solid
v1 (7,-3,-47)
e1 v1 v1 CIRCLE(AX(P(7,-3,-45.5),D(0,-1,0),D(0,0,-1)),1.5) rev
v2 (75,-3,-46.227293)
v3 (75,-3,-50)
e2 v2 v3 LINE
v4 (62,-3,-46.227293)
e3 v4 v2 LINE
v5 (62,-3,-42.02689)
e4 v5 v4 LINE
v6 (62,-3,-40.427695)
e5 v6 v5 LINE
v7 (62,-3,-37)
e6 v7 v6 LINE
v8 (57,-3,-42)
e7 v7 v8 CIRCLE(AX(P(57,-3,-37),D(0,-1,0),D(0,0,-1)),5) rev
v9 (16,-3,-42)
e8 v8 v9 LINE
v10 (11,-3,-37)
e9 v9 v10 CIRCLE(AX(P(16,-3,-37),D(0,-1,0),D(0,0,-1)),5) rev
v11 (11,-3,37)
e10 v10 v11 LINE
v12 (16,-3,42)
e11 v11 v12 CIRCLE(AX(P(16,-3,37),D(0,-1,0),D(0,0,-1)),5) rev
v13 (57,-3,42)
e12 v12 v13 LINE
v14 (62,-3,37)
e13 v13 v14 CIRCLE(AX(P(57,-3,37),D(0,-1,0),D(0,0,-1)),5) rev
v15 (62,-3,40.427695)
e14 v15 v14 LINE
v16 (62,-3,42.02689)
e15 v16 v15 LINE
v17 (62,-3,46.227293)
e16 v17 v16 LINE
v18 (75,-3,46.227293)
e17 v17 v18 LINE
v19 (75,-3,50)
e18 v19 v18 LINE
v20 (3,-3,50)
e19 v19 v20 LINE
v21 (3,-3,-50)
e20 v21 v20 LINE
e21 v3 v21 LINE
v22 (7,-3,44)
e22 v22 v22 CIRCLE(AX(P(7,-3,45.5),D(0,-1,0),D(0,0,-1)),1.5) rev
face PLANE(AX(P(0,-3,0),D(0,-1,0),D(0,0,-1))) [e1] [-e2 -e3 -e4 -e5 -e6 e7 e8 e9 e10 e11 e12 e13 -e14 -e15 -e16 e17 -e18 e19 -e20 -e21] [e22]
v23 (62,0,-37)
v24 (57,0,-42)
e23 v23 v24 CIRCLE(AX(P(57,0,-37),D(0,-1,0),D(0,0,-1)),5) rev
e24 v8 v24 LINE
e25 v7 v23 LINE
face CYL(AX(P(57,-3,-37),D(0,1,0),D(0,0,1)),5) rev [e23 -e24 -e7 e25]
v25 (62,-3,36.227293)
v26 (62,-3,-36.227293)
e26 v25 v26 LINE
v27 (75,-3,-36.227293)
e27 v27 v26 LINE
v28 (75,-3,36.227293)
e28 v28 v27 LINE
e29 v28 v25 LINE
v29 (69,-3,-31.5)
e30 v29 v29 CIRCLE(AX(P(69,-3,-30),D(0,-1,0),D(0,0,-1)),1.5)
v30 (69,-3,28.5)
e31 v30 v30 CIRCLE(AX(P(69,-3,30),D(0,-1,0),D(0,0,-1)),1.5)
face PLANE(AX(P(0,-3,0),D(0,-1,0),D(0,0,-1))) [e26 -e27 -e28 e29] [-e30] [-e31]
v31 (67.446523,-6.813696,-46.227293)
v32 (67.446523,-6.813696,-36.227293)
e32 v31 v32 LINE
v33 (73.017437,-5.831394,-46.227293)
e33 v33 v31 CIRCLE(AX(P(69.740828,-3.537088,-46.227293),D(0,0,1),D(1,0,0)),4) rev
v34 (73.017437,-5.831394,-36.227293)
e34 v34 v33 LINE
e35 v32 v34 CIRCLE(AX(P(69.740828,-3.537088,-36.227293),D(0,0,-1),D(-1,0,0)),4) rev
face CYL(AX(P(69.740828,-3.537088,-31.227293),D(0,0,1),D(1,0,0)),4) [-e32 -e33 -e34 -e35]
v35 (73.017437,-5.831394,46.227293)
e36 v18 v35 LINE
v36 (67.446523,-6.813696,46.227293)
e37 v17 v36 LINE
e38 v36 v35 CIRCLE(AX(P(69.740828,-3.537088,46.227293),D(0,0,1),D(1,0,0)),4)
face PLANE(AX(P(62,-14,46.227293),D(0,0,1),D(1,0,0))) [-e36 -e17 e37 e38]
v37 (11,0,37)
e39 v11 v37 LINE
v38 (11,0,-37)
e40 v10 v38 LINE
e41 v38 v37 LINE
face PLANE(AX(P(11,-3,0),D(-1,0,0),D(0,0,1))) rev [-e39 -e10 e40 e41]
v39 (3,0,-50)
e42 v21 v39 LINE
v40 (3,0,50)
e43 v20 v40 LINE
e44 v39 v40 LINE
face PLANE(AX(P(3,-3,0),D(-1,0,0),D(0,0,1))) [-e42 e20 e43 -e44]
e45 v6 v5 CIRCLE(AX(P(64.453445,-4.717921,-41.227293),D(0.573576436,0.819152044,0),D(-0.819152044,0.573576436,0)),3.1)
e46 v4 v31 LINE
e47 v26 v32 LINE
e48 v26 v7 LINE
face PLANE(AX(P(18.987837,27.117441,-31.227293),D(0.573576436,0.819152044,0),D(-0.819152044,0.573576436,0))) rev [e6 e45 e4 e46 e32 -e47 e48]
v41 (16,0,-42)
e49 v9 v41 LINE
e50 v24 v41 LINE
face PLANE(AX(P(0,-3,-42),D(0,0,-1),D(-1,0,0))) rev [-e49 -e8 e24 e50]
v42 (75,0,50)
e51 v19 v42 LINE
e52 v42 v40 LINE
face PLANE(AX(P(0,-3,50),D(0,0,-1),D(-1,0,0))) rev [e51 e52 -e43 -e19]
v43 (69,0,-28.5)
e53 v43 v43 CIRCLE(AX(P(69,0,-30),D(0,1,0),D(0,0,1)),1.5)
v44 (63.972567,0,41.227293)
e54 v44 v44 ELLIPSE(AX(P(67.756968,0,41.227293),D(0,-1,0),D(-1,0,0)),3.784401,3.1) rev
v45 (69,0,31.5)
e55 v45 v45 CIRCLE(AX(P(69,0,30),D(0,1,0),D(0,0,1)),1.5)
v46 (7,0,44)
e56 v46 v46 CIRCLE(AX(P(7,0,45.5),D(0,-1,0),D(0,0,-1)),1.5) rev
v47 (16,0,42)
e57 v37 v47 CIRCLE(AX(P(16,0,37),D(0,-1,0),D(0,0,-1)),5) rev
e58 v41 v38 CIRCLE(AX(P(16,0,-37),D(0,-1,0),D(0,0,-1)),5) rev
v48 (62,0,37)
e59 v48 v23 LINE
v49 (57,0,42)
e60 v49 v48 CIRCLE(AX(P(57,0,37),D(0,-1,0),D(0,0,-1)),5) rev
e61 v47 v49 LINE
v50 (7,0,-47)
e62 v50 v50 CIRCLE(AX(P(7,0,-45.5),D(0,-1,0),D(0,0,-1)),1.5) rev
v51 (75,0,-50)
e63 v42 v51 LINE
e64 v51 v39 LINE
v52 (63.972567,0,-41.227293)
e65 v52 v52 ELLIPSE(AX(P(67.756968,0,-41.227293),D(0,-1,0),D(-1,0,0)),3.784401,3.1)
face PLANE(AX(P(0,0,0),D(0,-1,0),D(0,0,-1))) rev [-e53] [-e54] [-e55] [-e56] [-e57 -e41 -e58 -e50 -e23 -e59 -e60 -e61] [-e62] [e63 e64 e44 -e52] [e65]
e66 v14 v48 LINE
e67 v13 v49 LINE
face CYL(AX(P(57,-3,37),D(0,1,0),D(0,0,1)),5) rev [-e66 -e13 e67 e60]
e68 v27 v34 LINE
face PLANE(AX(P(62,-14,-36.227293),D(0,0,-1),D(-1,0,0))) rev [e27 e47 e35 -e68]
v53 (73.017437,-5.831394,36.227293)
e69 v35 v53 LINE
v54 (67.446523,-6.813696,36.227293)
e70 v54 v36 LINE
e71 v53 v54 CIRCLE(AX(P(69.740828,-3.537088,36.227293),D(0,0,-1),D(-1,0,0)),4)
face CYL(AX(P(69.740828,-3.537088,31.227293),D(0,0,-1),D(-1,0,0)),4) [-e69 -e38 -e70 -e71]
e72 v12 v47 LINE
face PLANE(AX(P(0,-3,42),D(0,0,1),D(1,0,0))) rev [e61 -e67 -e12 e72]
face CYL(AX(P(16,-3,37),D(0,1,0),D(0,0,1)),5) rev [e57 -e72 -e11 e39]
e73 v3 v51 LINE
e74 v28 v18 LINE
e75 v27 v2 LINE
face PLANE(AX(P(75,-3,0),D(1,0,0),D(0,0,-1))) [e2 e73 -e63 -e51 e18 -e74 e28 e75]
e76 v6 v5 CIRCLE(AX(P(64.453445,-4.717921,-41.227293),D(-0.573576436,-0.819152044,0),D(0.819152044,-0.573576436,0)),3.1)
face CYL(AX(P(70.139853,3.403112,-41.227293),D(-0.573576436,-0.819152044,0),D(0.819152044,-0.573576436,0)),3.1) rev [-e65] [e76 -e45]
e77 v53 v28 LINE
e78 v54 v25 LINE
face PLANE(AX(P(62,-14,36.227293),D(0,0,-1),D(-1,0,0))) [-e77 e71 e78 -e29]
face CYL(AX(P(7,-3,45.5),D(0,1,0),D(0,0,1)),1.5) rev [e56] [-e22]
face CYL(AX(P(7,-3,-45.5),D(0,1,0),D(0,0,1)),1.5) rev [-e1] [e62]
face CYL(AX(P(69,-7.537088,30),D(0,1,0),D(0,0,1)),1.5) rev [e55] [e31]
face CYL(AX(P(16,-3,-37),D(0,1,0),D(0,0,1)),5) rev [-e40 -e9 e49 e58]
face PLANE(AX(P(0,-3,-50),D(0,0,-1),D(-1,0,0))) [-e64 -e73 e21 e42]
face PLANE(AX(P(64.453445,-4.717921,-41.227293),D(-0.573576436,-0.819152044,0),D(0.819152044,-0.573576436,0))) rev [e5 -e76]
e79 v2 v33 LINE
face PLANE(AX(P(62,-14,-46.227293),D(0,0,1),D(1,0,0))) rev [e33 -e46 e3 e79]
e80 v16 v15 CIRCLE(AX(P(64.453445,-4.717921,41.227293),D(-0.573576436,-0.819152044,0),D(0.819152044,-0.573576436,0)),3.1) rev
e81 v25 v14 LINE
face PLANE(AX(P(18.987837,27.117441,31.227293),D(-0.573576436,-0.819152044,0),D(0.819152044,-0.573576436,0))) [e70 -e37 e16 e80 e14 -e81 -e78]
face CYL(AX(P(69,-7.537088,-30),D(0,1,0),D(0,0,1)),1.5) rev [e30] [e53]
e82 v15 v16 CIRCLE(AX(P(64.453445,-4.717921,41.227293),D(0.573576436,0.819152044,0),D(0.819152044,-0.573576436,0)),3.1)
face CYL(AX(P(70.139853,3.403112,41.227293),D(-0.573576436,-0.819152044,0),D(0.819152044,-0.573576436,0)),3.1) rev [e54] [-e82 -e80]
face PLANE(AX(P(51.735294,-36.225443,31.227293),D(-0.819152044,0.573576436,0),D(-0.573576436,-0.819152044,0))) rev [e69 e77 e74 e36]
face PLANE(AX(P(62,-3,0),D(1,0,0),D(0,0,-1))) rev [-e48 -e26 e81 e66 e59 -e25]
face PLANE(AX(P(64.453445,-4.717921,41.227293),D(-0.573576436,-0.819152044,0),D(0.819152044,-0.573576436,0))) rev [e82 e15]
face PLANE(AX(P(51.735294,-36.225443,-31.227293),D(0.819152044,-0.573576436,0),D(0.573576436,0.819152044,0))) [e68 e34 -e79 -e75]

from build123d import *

# Parameters (mm, degrees)
SKETCH1_W           = 72
SKETCH1_H           = 100
SKETCH1_R           = 1.5
BOSS_EXTRUDE1_DEPTH = 3
SKETCH3_W           = 13
SKETCH3_H           = 10
BOSS_EXTRUDE3_DEPTH = 11
CUT_EXTRUDE1_DEPTH  = 15
SKETCH6_R           = 3.1
CUT_EXTRUDE2_DEPTH  = 10.913949805
FILLET1_R           = 4
SKETCH7_R           = 1.5
CUT_EXTRUDE3_DEPTH  = 8.537088113


with BuildPart() as part:
    # Sketch1 → Boss-Extrude1 (new body)
    with BuildSketch(Plane.XZ):
        with Locations((39, 0)):
            Rectangle(SKETCH1_W, SKETCH1_H)
        with Locations((7, -45.5)):
            Circle(SKETCH1_R, mode=Mode.SUBTRACT)
        with BuildLine():
            Line((62, 37), (62, -37))
            ThreePointArc((62, -37), (60.535533906, -40.535533906), (57, -42))
            Line((57, -42), (16, -42))
            ThreePointArc((16, -42), (12.464466094, -40.535533906), (11, -37))
            Line((11, -37), (11, 37))
            ThreePointArc((11, 37), (12.464466094, 40.535533906), (16, 42))
            Line((16, 42), (57, 42))
            ThreePointArc((57, 42), (60.535533906, 40.535533906), (62, 37))
        make_face(mode=Mode.SUBTRACT)
        with Locations((7, 45.5)):
            Circle(SKETCH1_R, mode=Mode.SUBTRACT)
    extrude(amount=BOSS_EXTRUDE1_DEPTH)

    # Sketch3 → Boss-Extrude3 (add)
    with BuildSketch(Plane.XZ.offset(3)):
        with Locations((68.5, -41.227292579)):
            Rectangle(SKETCH3_W, SKETCH3_H)
    boss_extrude3 = extrude(amount=BOSS_EXTRUDE3_DEPTH)

    # Sketch4 → Cut-Extrude1 (cut)
    with BuildSketch(Plane(origin=(0, 0, -46.227292579), x_dir=(-1, 0, 0), z_dir=(0, 0, -1))):
        Polygon((-62, -14), (-62, -3), (-70.723130932, -9.108002035), (-67.29771708, -14), align=None)
        Polygon((-67.29771708, -14), (-70.723130932, -9.108002035), (-75, -3), (-75, -14), align=None)
    cut_extrude1 = extrude(amount=-CUT_EXTRUDE1_DEPTH, mode=Mode.SUBTRACT)

    # Sketch6 → Cut-Extrude2 (cut, through all)
    with BuildSketch(Plane(origin=(18.987836626, 27.117441029, 0), x_dir=(0.819152044, -0.573576436, 0), z_dir=(-0.573576436, -0.819152044, 0))):
        with Locations((55.50325926, -41.227292579)):
            Circle(SKETCH6_R)
    cut_extrude2 = extrude(amount=-CUT_EXTRUDE2_DEPTH, mode=Mode.SUBTRACT)

    # Mirror1: Boss-Extrude3, Cut-Extrude1, Cut-Extrude2 across plane
    add(boss_extrude3.mirror(Plane.XY))
    add(cut_extrude1.mirror(Plane.XY), mode=Mode.SUBTRACT)
    add(cut_extrude2.mirror(Plane.XY), mode=Mode.SUBTRACT)

    # Fillet1
    fillet1_edges = [part.edges().sort_by_distance(p)[0] for p in [
        (70.723130932, -9.108002035, 41.227292579),
        (70.723130932, -9.108002035, -41.227292579),
    ]]
    fillet(fillet1_edges, radius=FILLET1_R)

    # Sketch7 → Cut-Extrude3 (cut, through all)
    with BuildSketch(Plane(origin=(0, 0, 0), x_dir=(1, 0, 0), z_dir=(0, 1, 0))):
        with Locations((69, 30)):
            Circle(SKETCH7_R)
        with Locations((69, -30)):
            Circle(SKETCH7_R)
    extrude(amount=-CUT_EXTRUDE3_DEPTH, mode=Mode.SUBTRACT)


solid = part.part
